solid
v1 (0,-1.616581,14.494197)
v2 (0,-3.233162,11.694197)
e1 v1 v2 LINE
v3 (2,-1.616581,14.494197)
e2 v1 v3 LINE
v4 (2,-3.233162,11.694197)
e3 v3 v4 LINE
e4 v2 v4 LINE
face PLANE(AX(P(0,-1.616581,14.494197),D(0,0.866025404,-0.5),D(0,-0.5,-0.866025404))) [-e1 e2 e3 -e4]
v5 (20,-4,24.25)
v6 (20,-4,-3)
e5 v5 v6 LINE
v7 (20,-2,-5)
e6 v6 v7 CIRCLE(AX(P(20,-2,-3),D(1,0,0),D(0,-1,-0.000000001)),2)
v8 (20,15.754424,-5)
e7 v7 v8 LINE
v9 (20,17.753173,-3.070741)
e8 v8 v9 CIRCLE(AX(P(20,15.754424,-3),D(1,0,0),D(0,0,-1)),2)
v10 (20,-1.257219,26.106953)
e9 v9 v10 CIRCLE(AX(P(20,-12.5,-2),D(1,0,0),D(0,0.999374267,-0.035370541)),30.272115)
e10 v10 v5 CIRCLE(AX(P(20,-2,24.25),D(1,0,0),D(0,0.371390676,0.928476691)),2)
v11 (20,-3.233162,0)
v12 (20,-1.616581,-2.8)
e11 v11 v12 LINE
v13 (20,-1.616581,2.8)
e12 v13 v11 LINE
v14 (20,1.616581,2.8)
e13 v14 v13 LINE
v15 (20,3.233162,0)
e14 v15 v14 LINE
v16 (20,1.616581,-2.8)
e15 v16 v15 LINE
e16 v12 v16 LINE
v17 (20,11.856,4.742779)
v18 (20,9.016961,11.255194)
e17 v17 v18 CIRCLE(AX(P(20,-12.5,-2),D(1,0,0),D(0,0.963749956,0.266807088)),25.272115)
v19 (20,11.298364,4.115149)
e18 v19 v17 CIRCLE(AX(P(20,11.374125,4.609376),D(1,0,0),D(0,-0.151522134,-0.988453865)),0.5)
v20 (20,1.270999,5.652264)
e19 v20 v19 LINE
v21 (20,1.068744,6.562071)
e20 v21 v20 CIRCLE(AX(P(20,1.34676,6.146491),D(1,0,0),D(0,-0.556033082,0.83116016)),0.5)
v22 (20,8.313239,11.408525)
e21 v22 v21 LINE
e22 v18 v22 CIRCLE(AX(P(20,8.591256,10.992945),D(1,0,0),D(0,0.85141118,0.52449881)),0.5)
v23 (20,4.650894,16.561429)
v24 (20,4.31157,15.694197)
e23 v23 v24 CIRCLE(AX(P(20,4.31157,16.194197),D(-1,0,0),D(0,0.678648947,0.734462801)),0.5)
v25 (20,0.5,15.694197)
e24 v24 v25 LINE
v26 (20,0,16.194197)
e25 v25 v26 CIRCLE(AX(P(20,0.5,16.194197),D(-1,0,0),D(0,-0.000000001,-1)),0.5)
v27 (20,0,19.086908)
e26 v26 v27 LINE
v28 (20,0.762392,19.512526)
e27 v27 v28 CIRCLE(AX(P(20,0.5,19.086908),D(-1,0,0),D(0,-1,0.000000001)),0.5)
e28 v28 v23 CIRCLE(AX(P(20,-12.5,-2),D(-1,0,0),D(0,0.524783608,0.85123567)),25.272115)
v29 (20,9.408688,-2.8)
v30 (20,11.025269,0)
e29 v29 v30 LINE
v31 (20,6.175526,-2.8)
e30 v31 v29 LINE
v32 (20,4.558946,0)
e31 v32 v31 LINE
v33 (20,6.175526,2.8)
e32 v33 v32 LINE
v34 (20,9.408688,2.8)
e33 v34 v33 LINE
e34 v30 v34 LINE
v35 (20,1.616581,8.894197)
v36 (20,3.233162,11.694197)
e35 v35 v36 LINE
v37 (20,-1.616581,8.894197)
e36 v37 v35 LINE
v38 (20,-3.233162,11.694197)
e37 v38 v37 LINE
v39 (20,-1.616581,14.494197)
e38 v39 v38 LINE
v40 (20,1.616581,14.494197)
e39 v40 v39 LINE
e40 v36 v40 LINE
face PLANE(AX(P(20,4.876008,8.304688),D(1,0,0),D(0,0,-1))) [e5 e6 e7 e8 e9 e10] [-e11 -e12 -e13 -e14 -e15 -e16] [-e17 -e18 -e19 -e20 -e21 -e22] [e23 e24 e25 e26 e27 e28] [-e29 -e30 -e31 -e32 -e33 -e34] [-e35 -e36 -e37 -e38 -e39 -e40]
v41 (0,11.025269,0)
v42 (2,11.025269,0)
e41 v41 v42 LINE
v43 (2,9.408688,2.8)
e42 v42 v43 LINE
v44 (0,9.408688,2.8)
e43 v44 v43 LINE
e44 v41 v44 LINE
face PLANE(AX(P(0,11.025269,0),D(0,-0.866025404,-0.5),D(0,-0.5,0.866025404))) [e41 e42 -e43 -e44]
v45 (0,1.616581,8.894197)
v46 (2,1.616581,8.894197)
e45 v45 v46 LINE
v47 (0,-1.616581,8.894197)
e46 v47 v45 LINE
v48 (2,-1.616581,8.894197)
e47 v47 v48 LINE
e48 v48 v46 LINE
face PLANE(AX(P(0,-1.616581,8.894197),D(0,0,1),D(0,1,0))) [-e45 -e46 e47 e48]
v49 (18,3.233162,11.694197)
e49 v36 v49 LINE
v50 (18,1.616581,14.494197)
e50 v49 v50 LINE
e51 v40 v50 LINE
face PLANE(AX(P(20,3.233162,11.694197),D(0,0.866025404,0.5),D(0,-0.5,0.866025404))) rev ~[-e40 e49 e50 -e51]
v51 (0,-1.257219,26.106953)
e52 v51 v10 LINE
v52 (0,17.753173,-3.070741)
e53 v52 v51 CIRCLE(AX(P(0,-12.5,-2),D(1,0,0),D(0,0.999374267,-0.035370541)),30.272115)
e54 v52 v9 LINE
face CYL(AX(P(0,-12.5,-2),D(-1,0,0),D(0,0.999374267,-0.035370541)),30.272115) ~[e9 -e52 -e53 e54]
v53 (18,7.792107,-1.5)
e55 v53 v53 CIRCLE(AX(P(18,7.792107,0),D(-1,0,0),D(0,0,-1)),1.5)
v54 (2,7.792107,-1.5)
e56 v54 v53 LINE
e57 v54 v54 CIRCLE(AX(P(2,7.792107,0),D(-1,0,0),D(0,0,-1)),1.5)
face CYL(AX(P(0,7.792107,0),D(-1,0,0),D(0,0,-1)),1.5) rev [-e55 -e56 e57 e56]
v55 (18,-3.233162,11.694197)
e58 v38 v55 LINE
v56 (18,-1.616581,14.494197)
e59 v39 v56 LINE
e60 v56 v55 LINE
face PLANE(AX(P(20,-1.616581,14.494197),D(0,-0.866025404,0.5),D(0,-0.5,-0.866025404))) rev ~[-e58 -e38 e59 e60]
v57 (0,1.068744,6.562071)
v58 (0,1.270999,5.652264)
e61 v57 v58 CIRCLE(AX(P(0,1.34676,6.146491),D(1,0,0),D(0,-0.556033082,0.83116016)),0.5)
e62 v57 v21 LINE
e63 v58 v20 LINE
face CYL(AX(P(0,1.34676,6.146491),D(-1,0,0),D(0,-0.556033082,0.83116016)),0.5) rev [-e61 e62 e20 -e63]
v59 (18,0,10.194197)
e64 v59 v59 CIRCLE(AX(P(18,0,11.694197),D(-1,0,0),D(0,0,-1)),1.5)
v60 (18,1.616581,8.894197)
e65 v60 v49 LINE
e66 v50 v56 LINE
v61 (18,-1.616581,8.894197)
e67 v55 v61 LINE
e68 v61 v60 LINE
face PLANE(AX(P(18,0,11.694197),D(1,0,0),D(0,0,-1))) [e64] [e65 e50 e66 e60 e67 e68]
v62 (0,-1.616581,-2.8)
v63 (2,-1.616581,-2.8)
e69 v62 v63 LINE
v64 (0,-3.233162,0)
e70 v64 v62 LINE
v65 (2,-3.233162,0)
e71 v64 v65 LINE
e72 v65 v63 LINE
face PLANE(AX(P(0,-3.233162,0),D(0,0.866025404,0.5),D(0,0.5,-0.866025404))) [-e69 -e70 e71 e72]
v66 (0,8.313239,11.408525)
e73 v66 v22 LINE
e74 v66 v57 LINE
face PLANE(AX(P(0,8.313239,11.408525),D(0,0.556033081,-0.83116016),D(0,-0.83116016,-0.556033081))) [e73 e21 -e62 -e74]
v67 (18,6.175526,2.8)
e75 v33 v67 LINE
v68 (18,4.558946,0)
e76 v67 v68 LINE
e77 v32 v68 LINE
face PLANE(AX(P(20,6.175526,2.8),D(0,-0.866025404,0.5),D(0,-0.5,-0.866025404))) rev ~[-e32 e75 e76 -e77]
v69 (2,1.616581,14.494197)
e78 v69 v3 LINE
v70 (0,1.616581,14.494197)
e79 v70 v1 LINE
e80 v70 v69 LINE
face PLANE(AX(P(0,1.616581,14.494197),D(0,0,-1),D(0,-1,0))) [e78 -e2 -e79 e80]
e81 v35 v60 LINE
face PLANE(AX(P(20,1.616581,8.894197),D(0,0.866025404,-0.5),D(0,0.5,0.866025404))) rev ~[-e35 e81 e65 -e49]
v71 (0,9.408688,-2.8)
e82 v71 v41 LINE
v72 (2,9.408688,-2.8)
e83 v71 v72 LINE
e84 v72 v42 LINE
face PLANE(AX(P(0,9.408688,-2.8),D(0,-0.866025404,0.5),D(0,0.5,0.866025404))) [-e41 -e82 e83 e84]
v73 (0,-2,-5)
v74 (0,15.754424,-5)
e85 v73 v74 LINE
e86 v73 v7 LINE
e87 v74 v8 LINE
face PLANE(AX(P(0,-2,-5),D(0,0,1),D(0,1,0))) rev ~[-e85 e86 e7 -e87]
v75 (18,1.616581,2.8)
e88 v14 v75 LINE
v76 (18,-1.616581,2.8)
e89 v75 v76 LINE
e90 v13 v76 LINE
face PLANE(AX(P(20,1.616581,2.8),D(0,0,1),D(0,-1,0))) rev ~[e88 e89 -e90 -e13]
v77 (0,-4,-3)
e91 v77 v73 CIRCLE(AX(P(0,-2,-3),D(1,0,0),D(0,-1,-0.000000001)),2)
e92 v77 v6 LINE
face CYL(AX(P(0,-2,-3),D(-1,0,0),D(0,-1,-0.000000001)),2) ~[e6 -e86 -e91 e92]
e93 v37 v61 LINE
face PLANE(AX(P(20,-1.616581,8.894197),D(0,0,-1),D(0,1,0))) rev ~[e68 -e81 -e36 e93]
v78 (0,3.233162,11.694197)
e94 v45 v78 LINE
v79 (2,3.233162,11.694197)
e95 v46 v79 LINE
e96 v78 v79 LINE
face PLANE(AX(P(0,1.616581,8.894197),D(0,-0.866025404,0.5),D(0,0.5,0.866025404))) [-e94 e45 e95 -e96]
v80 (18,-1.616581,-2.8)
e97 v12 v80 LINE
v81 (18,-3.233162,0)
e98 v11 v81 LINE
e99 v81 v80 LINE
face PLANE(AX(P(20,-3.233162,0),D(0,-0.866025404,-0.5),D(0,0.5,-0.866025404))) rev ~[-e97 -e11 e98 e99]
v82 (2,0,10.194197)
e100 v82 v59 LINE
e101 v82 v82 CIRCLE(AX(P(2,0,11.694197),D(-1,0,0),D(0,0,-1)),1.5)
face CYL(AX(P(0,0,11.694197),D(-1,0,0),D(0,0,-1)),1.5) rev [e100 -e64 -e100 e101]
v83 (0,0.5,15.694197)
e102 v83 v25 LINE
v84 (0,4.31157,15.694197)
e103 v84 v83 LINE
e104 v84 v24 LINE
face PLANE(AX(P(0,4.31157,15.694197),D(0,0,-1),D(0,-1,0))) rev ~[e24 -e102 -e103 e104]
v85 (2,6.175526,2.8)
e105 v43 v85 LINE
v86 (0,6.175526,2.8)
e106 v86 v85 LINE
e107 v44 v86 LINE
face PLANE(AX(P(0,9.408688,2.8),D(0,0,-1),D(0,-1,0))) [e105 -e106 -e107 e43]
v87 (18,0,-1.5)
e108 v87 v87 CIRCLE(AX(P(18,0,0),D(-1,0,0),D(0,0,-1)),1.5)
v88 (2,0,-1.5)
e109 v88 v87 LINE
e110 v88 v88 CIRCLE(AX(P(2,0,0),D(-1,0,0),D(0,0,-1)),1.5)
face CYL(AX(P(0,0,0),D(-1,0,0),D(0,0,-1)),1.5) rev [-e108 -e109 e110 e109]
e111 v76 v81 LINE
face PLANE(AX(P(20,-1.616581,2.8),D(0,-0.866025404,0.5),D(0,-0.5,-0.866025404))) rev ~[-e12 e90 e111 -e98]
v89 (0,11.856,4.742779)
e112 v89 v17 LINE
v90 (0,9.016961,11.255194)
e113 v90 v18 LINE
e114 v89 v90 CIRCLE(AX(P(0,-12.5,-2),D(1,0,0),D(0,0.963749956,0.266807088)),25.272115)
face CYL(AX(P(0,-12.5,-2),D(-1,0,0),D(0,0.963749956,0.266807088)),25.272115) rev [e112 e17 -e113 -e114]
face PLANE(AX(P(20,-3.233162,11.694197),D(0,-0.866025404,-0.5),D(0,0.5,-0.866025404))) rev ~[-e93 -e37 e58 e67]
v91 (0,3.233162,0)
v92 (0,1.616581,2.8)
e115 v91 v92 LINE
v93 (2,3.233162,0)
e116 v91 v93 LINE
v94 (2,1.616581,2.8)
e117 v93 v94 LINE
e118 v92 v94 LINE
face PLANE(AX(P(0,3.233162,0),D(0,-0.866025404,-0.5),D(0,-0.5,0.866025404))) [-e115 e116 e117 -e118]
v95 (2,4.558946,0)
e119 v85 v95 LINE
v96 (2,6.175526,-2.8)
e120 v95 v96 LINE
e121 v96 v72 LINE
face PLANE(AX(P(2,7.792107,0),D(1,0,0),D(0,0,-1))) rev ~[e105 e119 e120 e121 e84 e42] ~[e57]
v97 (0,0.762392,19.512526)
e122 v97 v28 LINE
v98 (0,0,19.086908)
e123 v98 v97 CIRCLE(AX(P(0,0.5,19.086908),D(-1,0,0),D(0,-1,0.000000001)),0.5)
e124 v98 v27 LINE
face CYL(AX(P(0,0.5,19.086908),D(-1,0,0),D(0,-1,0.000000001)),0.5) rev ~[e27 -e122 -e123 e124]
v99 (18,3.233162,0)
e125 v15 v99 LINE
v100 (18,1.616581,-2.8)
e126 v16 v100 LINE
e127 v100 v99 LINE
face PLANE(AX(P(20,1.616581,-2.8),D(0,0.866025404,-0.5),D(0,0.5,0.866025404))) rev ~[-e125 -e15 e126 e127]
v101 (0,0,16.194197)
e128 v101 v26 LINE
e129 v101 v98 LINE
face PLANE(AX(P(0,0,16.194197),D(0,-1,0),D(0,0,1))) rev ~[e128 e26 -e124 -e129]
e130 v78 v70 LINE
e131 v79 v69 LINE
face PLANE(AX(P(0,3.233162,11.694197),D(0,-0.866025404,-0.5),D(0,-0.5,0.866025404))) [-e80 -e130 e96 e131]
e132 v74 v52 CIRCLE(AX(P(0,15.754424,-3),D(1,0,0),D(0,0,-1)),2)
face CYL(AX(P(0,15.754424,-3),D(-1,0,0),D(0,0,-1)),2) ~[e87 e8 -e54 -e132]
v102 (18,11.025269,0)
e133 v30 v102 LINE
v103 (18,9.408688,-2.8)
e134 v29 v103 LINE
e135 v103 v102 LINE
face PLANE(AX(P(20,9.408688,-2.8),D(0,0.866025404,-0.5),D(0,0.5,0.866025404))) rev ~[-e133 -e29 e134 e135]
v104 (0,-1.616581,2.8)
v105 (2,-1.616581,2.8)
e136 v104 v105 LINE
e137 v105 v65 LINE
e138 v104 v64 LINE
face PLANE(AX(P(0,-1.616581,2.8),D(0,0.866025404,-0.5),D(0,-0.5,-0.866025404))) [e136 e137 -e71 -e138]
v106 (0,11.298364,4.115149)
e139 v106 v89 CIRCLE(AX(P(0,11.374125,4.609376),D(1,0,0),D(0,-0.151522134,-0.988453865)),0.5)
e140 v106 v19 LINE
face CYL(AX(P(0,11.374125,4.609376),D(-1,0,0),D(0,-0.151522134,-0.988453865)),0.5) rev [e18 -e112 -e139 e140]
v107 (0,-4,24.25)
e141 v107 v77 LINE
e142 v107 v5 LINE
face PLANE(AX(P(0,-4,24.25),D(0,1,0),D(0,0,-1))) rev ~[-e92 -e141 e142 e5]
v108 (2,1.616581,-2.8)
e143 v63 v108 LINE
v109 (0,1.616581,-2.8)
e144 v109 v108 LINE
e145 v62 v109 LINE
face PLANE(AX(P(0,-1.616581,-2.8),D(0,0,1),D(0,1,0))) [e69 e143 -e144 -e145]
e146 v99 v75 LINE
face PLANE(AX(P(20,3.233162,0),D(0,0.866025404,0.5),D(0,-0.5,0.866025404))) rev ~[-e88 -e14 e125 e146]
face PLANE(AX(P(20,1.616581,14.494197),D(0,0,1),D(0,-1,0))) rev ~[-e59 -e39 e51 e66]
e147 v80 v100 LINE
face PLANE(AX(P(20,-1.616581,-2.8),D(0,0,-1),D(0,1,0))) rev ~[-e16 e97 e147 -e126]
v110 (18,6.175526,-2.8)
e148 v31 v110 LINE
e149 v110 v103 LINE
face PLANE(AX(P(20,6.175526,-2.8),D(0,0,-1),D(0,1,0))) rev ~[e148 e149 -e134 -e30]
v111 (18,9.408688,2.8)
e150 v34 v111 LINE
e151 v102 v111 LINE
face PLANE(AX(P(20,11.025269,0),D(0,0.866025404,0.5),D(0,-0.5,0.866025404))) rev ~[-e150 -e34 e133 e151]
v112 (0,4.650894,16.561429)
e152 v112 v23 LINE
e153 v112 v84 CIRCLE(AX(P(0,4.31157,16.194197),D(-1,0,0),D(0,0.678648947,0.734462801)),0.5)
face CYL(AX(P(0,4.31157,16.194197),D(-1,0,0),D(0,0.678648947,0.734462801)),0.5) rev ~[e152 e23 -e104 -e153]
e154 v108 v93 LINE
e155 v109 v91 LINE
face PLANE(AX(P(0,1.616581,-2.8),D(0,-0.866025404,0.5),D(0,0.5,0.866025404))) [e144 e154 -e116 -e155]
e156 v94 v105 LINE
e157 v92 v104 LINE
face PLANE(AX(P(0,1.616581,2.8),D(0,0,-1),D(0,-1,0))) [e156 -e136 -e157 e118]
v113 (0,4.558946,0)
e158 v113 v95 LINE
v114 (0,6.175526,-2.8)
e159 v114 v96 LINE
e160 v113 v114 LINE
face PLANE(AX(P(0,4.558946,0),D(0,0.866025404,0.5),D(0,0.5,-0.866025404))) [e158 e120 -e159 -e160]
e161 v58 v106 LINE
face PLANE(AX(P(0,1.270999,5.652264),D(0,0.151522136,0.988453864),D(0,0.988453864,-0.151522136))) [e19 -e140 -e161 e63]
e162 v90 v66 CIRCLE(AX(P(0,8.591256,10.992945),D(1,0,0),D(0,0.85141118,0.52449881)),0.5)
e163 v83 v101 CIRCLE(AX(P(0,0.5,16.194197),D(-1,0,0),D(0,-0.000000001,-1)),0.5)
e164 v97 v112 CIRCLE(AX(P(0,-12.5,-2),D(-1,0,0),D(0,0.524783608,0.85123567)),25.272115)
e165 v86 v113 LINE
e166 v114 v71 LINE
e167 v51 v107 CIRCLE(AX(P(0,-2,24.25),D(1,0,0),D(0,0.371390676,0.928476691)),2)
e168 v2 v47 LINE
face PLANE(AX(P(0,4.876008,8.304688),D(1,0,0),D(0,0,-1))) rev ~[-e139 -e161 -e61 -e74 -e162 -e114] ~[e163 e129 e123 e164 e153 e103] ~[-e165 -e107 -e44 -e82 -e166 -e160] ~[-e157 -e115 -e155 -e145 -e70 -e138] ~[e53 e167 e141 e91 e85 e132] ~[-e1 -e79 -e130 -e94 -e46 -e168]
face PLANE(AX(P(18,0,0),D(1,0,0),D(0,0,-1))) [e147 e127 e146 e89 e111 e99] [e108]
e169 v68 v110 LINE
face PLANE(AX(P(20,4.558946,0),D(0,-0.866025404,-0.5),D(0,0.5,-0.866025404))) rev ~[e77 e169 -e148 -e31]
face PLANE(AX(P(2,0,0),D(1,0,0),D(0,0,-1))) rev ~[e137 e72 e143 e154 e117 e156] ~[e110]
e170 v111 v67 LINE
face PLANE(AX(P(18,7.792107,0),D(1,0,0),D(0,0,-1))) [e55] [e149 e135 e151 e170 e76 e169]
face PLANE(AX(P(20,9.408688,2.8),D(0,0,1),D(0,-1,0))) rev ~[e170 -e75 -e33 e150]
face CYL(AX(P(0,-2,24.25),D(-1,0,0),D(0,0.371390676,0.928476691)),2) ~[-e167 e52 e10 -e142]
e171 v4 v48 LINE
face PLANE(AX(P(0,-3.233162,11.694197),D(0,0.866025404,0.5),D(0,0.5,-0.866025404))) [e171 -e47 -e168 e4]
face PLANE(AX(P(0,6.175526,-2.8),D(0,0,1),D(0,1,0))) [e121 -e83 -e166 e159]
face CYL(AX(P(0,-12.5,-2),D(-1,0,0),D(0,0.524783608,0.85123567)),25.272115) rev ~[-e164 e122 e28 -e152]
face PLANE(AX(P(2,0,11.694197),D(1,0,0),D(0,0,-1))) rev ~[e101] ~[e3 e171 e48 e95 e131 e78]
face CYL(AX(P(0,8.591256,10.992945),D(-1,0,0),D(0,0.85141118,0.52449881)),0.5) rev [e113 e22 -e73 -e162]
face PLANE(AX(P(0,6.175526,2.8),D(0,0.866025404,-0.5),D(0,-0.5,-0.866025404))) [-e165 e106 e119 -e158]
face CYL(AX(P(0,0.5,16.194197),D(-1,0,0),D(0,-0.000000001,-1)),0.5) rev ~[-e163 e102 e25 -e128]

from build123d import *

# Parameters (mm, degrees)
SKETCH1_R           = 1.5
BOSS_EXTRUDE1_DEPTH = 20
CUT_EXTRUDE1_DEPTH  = 2
CUT_EXTRUDE2_START  = 20
CUT_EXTRUDE2_DEPTH  = 2


with BuildPart() as part:
    # Sketch1 → Boss-Extrude1 (new body)
    with BuildSketch(Plane(origin=(0, 0, 0), x_dir=(0, 0, -1), z_dir=(1, 0, 0))):
        with BuildLine():
            Line((-24.25, -4), (3, -4))
            ThreePointArc((3, -4), (4.414213562, -3.414213562), (5, -2))
            Line((5, -2), (5, 15.754424432))
            ThreePointArc((5, 15.754424432), (4.439006977, 17.143402085), (3.070741081, 17.753172966))
            ThreePointArc((3.070741081, 17.753172966), (-14.52537265, 12.863616062), (-26.106953382, -1.257218647))
            ThreePointArc((-26.106953382, -1.257218647), (-25.906134461, -3.121257619), (-24.25, -4))
        make_face()
        with Locations((0, 7.792107243)):
            Circle(SKETCH1_R, mode=Mode.SUBTRACT)
        Circle(SKETCH1_R, mode=Mode.SUBTRACT)
        with Locations((-11.694197133, 0)):
            Circle(SKETCH1_R, mode=Mode.SUBTRACT)
        with BuildLine():
            Line((-16.194197133, 0), (-19.086908103, 0))
            ThreePointArc((-19.086908103, 0), (-19.523483355, 0.256274644), (-19.512525938, 0.762391804))
            ThreePointArc((-19.512525938, 0.762391804), (-18.131084667, 2.778063971), (-16.561428533, 4.650894419))
            ThreePointArc((-16.561428533, 4.650894419), (-16.012010004, 4.777196244), (-15.694197133, 4.311569945))
            Line((-15.694197133, 4.311569945), (-15.694197133, 0.5))
            ThreePointArc((-15.694197133, 0.5), (-15.840643743, 0.146446609), (-16.194197133, 0))
        make_face(mode=Mode.SUBTRACT)
        with BuildLine():
            Line((-11.408525011, 8.313239357), (-6.562071453, 1.068743928))
            ThreePointArc((-6.562071453, 1.068743928), (-6.037987222, 0.85867559), (-5.652264441, 1.2709994))
            Line((-5.652264441, 1.2709994), (-4.115149007, 11.298363901))
            ThreePointArc((-4.115149007, 11.298363901), (-4.277279765, 11.747905828), (-4.742779484, 11.855999947))
            ThreePointArc((-4.742779484, 11.855999947), (-8.099246212, 10.666463574), (-11.255194335, 9.016961489))
            ThreePointArc((-11.255194335, 9.016961489), (-11.481482966, 8.697701132), (-11.408525011, 8.313239357))
        make_face(mode=Mode.SUBTRACT)
    extrude(amount=BOSS_EXTRUDE1_DEPTH)

    # Sketch2 → Cut-Extrude1 (cut)
    with BuildSketch(Plane(origin=(0, 0, 0), x_dir=(0, 0, -1), z_dir=(1, 0, 0))):
        Polygon((-11.694197133, -3.233161507), (-8.894197133, -1.616580754), (-8.894197133, 1.616580754), (-11.694197133, 3.233161507), (-14.494197133, 1.616580754), (-14.494197133, -1.616580754), align=None)
        Polygon((0, -3.233161507), (2.8, -1.616580754), (2.8, 1.616580754), (0, 3.233161507), (-2.8, 1.616580754), (-2.8, -1.616580754), align=None)
        Polygon((0, 4.558945735), (2.8, 6.175526489), (2.8, 9.408687997), (0, 11.02526875), (-2.8, 9.408687997), (-2.8, 6.175526489), align=None)
    extrude(amount=CUT_EXTRUDE1_DEPTH, mode=Mode.SUBTRACT)

    # Sketch2<2> → Cut-Extrude2 (cut)
    with BuildSketch(Plane(origin=(0, 0, 0), x_dir=(0, 0, -1), z_dir=(1, 0, 0)).offset(CUT_EXTRUDE2_START)):
        Polygon((-11.694197133, -3.233161507), (-8.894197133, -1.616580754), (-8.894197133, 1.616580754), (-11.694197133, 3.233161507), (-14.494197133, 1.616580754), (-14.494197133, -1.616580754), align=None)
        Polygon((0, -3.233161507), (2.8, -1.616580754), (2.8, 1.616580754), (0, 3.233161507), (-2.8, 1.616580754), (-2.8, -1.616580754), align=None)
        Polygon((0, 4.558945735), (2.8, 6.175526489), (2.8, 9.408687997), (0, 11.02526875), (-2.8, 9.408687997), (-2.8, 6.175526489), align=None)
    extrude(amount=-CUT_EXTRUDE2_DEPTH, mode=Mode.SUBTRACT)


solid = part.part
